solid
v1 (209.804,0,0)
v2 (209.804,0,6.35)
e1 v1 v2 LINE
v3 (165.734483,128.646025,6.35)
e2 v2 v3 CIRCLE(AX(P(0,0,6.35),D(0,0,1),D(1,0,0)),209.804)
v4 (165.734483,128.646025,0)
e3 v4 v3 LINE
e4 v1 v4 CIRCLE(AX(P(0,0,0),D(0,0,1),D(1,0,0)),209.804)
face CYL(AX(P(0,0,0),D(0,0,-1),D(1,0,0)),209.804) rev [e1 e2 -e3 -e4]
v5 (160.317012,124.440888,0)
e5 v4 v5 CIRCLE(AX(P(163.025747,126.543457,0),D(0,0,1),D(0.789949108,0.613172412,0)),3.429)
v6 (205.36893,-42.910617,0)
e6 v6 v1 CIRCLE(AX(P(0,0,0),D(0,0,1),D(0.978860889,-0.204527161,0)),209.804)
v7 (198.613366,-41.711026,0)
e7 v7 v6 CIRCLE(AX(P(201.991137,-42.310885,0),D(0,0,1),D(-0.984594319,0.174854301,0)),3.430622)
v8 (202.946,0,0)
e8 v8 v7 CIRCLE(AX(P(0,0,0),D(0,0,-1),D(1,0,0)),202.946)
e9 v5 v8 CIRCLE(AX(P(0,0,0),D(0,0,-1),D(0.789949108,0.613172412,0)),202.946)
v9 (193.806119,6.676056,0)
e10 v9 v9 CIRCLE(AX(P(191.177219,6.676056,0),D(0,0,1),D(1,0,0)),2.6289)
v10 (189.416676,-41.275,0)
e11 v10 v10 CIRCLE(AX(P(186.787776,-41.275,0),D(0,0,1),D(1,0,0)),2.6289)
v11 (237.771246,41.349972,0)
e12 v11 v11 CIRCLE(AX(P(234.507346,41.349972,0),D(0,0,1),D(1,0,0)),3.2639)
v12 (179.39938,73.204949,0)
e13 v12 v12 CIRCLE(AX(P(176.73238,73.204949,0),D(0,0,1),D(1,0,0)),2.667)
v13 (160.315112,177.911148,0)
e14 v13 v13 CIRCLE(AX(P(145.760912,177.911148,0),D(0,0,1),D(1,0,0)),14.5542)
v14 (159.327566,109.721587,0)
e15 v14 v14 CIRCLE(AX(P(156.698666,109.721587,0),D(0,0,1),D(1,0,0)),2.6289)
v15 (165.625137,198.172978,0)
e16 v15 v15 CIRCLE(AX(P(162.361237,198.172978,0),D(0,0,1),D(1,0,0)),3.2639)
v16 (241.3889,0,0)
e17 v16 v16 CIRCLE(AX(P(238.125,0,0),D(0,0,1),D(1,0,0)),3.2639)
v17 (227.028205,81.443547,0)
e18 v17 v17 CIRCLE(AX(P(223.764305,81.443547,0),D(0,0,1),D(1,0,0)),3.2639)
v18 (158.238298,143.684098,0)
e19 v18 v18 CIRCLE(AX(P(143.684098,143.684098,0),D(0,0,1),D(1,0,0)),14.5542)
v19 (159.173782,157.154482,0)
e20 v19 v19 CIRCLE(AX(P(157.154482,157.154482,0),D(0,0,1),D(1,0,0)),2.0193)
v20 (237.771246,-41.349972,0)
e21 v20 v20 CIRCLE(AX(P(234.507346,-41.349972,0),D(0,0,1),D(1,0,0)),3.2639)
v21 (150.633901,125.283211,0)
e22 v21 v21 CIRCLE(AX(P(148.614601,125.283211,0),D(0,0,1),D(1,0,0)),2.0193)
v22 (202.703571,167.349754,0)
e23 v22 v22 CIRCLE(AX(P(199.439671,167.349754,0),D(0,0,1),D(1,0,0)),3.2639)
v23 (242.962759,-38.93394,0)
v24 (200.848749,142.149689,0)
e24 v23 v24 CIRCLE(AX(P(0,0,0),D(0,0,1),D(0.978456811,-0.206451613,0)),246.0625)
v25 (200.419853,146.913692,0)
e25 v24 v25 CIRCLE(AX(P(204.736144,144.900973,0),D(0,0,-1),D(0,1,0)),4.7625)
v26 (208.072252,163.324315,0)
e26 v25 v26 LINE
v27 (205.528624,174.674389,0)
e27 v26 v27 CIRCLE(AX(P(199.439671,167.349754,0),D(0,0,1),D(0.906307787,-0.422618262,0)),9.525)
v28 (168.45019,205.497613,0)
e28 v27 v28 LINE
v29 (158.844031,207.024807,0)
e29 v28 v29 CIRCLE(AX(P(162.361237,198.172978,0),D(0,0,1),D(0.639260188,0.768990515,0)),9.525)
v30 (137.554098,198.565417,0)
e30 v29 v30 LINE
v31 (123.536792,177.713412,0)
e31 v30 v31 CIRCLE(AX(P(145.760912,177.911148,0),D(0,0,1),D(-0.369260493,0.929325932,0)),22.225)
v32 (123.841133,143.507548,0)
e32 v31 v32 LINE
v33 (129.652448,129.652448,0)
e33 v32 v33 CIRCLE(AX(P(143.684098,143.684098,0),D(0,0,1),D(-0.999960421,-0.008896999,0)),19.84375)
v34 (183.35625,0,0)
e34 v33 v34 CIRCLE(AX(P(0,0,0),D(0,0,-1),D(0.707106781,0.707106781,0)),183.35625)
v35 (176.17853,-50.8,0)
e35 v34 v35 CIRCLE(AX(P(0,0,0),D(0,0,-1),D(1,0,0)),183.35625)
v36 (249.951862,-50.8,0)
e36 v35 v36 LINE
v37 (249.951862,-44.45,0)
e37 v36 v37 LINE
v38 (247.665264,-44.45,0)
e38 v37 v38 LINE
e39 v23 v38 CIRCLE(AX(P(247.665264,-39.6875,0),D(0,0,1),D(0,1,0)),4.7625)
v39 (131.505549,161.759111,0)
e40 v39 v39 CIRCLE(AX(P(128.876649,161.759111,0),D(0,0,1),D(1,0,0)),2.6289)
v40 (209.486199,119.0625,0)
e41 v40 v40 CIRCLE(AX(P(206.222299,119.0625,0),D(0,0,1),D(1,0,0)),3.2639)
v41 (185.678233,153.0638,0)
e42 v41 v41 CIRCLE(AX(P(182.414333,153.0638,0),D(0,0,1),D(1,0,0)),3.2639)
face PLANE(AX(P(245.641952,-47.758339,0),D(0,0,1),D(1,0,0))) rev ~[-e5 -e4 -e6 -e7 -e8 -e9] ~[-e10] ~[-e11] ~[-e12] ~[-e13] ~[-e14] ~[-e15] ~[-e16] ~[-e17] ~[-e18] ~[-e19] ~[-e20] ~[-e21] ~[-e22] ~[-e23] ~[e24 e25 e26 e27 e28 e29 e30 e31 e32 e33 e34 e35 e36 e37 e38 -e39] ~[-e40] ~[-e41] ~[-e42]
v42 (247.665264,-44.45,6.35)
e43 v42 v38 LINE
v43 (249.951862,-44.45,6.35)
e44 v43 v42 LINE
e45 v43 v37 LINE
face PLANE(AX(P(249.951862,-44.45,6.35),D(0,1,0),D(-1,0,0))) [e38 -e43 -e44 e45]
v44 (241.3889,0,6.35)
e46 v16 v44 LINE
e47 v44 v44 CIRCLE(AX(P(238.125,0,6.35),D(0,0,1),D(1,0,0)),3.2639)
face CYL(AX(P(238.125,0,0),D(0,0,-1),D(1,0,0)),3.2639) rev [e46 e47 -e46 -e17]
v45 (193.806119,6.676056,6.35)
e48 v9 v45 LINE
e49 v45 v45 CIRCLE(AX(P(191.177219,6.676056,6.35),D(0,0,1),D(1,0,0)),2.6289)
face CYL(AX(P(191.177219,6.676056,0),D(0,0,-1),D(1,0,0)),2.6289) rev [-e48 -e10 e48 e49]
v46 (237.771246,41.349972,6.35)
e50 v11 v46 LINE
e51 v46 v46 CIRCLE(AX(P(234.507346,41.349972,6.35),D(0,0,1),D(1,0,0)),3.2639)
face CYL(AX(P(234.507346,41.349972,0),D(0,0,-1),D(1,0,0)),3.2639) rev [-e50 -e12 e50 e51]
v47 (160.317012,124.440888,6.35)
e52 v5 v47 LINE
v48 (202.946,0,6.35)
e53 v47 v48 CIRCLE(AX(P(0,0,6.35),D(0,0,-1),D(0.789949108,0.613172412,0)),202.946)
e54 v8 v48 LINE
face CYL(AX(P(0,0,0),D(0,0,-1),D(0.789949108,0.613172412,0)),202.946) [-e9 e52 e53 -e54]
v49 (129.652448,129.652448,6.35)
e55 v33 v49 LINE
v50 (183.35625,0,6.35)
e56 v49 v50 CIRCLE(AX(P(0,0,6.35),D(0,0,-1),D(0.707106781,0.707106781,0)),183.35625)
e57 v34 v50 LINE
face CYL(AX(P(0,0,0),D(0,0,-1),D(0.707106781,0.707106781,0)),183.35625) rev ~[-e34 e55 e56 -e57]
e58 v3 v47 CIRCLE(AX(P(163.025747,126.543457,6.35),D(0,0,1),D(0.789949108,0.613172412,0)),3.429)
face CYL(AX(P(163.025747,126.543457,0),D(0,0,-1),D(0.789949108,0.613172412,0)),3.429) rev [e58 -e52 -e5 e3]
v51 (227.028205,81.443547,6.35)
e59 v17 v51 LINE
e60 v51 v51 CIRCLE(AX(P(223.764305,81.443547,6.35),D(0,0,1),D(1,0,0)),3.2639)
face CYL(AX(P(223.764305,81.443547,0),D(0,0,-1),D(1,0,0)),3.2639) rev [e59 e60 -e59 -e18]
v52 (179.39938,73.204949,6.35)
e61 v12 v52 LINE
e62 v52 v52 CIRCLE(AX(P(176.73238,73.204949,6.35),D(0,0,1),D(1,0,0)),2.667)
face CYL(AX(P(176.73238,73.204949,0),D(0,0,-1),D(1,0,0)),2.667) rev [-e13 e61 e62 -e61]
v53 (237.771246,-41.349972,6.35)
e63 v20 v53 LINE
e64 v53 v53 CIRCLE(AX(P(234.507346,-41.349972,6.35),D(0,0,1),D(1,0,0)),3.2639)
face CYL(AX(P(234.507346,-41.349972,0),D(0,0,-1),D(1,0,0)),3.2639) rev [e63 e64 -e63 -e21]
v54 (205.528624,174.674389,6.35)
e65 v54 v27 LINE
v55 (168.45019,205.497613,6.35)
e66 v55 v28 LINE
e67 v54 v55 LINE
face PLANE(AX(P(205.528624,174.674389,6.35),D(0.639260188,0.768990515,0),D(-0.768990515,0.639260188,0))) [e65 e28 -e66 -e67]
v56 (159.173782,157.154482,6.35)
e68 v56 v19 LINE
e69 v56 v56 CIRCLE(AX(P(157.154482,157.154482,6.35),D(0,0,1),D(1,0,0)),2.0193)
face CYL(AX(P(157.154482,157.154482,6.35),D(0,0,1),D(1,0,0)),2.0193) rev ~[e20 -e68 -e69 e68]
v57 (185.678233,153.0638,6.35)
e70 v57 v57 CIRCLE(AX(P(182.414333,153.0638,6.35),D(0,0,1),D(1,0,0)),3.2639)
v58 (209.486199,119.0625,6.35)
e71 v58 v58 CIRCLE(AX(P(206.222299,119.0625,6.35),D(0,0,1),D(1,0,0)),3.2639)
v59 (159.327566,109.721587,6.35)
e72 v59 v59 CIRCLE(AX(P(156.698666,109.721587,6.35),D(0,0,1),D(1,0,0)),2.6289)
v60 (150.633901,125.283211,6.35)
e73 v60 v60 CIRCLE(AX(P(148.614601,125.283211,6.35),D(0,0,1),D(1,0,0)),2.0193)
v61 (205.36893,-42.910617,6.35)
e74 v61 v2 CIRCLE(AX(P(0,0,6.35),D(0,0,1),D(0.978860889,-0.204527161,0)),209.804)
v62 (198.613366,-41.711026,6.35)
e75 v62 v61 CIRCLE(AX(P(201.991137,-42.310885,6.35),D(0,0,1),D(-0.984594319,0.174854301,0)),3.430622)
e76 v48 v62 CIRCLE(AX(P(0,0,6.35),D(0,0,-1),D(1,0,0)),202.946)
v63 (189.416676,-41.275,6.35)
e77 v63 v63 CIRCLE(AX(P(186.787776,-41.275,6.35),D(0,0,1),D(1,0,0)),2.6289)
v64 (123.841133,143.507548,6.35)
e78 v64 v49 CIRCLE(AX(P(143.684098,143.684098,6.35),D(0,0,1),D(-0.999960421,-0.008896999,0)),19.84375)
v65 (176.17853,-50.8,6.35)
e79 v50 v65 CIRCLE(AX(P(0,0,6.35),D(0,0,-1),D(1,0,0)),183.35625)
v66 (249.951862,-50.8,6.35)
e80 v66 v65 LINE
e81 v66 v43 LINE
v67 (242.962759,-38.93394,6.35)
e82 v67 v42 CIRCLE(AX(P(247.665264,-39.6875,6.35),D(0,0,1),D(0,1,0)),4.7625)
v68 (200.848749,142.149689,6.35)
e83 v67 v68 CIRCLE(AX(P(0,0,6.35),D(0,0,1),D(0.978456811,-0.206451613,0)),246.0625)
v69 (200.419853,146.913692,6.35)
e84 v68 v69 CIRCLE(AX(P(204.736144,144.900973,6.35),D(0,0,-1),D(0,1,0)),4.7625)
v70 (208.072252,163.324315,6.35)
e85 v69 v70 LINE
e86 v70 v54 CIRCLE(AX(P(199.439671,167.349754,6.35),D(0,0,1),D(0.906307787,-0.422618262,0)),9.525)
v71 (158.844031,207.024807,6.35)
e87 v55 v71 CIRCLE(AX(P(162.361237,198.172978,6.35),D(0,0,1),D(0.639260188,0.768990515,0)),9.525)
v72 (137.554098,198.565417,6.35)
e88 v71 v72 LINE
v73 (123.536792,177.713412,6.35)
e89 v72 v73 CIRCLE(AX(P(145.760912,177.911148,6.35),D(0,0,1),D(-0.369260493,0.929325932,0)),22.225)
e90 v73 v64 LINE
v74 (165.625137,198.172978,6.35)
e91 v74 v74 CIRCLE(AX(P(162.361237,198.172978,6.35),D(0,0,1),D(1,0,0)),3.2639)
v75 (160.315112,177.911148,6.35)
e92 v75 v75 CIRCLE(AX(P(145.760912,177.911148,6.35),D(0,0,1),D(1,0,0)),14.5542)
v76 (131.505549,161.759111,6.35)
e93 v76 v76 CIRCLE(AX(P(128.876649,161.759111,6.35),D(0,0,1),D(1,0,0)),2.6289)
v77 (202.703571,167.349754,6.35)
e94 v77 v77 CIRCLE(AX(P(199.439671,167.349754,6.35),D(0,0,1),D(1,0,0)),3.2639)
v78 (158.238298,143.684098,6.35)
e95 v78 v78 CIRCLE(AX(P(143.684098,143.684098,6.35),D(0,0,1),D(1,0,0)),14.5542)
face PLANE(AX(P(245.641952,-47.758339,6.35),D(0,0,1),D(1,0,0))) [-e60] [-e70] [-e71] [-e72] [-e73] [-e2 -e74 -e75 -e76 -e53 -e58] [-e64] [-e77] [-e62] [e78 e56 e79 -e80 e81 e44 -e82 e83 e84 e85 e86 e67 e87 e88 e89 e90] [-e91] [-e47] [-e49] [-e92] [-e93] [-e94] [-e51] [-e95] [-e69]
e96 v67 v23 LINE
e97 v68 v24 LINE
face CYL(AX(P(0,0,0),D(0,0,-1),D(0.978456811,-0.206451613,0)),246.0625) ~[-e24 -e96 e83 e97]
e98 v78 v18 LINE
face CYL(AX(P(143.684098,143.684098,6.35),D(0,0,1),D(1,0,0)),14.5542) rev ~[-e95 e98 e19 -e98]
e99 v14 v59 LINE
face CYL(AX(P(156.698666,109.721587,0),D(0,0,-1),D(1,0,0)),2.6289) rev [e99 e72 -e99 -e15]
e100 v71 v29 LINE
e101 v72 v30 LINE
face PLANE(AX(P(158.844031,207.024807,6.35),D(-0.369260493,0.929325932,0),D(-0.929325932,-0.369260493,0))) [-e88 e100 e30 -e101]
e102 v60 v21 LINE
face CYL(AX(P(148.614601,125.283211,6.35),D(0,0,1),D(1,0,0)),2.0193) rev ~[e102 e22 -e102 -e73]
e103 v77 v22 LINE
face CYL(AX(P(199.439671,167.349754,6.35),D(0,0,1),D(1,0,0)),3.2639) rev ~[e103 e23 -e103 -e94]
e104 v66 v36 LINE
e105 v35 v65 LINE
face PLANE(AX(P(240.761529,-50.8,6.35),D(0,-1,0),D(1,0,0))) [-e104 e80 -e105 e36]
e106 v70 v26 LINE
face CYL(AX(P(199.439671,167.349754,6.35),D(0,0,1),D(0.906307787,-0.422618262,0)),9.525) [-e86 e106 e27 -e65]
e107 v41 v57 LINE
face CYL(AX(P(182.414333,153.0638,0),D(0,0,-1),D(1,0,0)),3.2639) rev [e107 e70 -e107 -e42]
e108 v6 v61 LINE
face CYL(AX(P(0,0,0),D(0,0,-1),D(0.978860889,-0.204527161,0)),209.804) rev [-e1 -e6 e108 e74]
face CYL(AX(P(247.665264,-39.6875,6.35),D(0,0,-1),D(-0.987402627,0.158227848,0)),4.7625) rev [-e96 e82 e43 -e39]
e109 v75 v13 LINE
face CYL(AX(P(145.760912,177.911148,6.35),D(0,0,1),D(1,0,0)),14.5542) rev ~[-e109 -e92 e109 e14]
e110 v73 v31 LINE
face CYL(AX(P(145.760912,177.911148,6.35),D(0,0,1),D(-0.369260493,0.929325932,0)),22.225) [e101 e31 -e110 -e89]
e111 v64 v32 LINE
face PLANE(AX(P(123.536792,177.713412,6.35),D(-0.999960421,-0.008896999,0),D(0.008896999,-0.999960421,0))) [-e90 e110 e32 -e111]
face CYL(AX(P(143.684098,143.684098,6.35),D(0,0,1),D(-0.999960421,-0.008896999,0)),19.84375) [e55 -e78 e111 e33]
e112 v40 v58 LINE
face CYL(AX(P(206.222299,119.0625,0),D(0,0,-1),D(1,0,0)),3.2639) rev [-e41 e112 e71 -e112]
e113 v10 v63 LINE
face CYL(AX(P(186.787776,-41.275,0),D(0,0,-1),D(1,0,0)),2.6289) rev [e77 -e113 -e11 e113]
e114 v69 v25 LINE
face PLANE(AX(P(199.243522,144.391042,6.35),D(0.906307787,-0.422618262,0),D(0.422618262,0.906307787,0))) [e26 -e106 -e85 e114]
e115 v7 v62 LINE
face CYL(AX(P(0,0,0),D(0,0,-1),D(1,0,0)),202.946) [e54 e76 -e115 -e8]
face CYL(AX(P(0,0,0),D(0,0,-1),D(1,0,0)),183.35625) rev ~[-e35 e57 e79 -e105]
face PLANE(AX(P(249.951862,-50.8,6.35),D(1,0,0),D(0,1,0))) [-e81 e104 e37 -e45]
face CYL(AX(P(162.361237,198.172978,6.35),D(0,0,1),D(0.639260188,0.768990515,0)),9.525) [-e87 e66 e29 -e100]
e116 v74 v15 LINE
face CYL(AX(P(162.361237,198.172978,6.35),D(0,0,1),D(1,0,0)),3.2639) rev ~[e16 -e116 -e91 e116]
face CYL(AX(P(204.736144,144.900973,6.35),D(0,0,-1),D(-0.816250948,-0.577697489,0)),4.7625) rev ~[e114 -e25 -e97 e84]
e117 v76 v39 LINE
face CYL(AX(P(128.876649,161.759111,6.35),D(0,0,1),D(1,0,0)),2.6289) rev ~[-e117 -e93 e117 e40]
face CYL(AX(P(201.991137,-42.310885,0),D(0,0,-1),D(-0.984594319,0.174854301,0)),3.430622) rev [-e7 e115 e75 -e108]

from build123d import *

# Parameters (mm, degrees)
SKETCH1_R           = 2.6289
SKETCH1_R_2         = 2.667
SKETCH1_R_3         = 3.2639
BOSS_EXTRUDE1_DEPTH = 6.35
SKETCH3_R           = 14.5542
SKETCH3_R_2         = 3.2639
SKETCH3_R_3         = 2.6289
BOSS_EXTRUDE2_DEPTH = 6.35
SKETCH4_R           = 14.5542
SKETCH4_R_2         = 2.0193
CUT_EXTRUDE1_DEPTH  = 7.35
BOSS_EXTRUDE3_DEPTH = 6.35
FILLET1_R           = 4.7625
FILLET2_R           = 4.7625


with BuildPart() as part:
    # Sketch1 → Boss-Extrude1 (new body)
    with BuildSketch(Plane.XY):
        with BuildLine():
            Line((176.178529946, -50.8), (240.761529124, -50.8))
            ThreePointArc((240.761529124, -50.8), (235.877364624, 70.061564101), (173.992462346, 173.992462346))
            Line((173.992462346, 173.992462346), (129.652447748, 129.652447748))
            ThreePointArc((129.652447748, 129.652447748), (169.399086533, 70.167399096), (183.35625, 0))
            ThreePointArc((183.35625, 0), (181.552952325, -25.652288715), (176.178529946, -50.8))
        make_face()
        with Locations((191.177219016, 6.676055597)):
            Circle(SKETCH1_R, mode=Mode.SUBTRACT)
        with Locations((156.698666372, 109.721587421)):
            Circle(SKETCH1_R, mode=Mode.SUBTRACT)
        with Locations((176.732380322, 73.20494884)):
            Circle(SKETCH1_R_2, mode=Mode.SUBTRACT)
        with Locations((186.787775735, -41.275)):
            Circle(SKETCH1_R, mode=Mode.SUBTRACT)
        with Locations((238.125, 0)):
            Circle(SKETCH1_R_3, mode=Mode.SUBTRACT)
        with Locations((234.507346186, 41.349972307)):
            Circle(SKETCH1_R_3, mode=Mode.SUBTRACT)
        with Locations((223.764305325, 81.443546629)):
            Circle(SKETCH1_R_3, mode=Mode.SUBTRACT)
        with Locations((206.222299276, 119.0625)):
            Circle(SKETCH1_R_3, mode=Mode.SUBTRACT)
        with Locations((182.414333018, 153.063799557)):
            Circle(SKETCH1_R_3, mode=Mode.SUBTRACT)
        with Locations((234.507346186, -41.349972307)):
            Circle(SKETCH1_R_3, mode=Mode.SUBTRACT)
        with BuildLine():
            ThreePointArc((202.946, 0), (201.859935486, -20.967721902), (198.61336608, -41.711026485))
            ThreePointArc((198.61336608, -41.711026485), (201.391341659, -45.688667392), (205.368929989, -42.910616532))
            ThreePointArc((205.368929989, -42.910616532), (208.692287116, -21.569601625), (209.804, 0))
            ThreePointArc((209.804, 0), (198.481076932, 67.99250338), (165.734482585, 128.646024805))
            ThreePointArc((165.734482585, 128.646024805), (160.923178893, 129.252192093), (160.317011605, 124.440888401))
            ThreePointArc((160.317011605, 124.440888401), (191.993196693, 65.769988136), (202.946, 0))
        make_face(mode=Mode.SUBTRACT)
    extrude(amount=BOSS_EXTRUDE1_DEPTH)

    # Sketch3 → Boss-Extrude2 (add)
    with BuildSketch(Plane.XY.offset(6.35)):
        with BuildLine():
            Line((129.652447748, 129.652447748), (161.644610179, 161.644610179))
            Line((161.644610179, 161.644610179), (173.992462346, 173.992462346))
            ThreePointArc((173.992462346, 173.992462346), (187.203995727, 159.691633751), (199.243521921, 144.391041546))
            Line((199.243521921, 144.391041546), (208.072252438, 163.324315239))
            ThreePointArc((208.072252438, 163.324315239), (208.734128286, 169.432705073), (205.528624059, 174.674388835))
            Line((205.528624059, 174.674388835), (168.450190134, 205.497612521))
            ThreePointArc((168.450190134, 205.497612521), (163.856747392, 207.579840958), (158.844030643, 207.024807371))
            Line((158.844030643, 207.024807371), (137.554097629, 198.565416651))
            ThreePointArc((137.554097629, 198.565416651), (127.316076149, 190.310286973), (123.536791738, 177.713411997))
            Line((123.536791738, 177.713411997), (123.841133335, 143.507548105))
            ThreePointArc((123.841133335, 143.507548105), (125.38482655, 136.008742521), (129.652447748, 129.652447748))
        make_face()
        with Locations((145.760912093, 177.911147809)):
            Circle(SKETCH3_R, mode=Mode.SUBTRACT)
        with Locations((199.439670766, 167.349754182)):
            Circle(SKETCH3_R_2, mode=Mode.SUBTRACT)
        with Locations((162.361236841, 198.172977868)):
            Circle(SKETCH3_R_2, mode=Mode.SUBTRACT)
        with Locations((128.876648593, 161.759110908)):
            Circle(SKETCH3_R_3, mode=Mode.SUBTRACT)
    extrude(amount=-BOSS_EXTRUDE2_DEPTH)

    # Sketch4 → Cut-Extrude1 (cut, through all)
    with BuildSketch(Plane.XY.offset(6.35)):
        with Locations((143.684097937, 143.684097937)):
            Circle(SKETCH4_R)
        with Locations((157.154482119, 157.154482119)):
            Circle(SKETCH4_R_2)
        with Locations((148.614600746, 125.283210946)):
            Circle(SKETCH4_R_2)
    extrude(amount=-CUT_EXTRUDE1_DEPTH, mode=Mode.SUBTRACT)

    # Sketch5 → Boss-Extrude3 (add)
    with BuildSketch(Plane.XY.offset(6.35)):
        with BuildLine():
            Line((240.761529124, -50.8), (249.951861983, -50.8))
            Line((249.951861983, -50.8), (249.951861983, -44.45))
            Line((249.951861983, -44.45), (242.014361983, -44.45))
            ThreePointArc((242.014361983, -44.45), (241.408825198, -47.629119481), (240.761529124, -50.8))
        make_face()
    extrude(amount=-BOSS_EXTRUDE3_DEPTH)

    # Fillet1
    fillet1_edges = [part.edges().sort_by_distance(p)[0] for p in [
        (242.014361983, -44.45, 3.175),
    ]]
    fillet(fillet1_edges, radius=FILLET1_R)

    # Fillet2
    fillet2_edges = [part.edges().sort_by_distance(p)[0] for p in [
        (199.243521921, 144.391041546, 3.175),
    ]]
    fillet(fillet2_edges, radius=FILLET2_R)


solid = part.part
